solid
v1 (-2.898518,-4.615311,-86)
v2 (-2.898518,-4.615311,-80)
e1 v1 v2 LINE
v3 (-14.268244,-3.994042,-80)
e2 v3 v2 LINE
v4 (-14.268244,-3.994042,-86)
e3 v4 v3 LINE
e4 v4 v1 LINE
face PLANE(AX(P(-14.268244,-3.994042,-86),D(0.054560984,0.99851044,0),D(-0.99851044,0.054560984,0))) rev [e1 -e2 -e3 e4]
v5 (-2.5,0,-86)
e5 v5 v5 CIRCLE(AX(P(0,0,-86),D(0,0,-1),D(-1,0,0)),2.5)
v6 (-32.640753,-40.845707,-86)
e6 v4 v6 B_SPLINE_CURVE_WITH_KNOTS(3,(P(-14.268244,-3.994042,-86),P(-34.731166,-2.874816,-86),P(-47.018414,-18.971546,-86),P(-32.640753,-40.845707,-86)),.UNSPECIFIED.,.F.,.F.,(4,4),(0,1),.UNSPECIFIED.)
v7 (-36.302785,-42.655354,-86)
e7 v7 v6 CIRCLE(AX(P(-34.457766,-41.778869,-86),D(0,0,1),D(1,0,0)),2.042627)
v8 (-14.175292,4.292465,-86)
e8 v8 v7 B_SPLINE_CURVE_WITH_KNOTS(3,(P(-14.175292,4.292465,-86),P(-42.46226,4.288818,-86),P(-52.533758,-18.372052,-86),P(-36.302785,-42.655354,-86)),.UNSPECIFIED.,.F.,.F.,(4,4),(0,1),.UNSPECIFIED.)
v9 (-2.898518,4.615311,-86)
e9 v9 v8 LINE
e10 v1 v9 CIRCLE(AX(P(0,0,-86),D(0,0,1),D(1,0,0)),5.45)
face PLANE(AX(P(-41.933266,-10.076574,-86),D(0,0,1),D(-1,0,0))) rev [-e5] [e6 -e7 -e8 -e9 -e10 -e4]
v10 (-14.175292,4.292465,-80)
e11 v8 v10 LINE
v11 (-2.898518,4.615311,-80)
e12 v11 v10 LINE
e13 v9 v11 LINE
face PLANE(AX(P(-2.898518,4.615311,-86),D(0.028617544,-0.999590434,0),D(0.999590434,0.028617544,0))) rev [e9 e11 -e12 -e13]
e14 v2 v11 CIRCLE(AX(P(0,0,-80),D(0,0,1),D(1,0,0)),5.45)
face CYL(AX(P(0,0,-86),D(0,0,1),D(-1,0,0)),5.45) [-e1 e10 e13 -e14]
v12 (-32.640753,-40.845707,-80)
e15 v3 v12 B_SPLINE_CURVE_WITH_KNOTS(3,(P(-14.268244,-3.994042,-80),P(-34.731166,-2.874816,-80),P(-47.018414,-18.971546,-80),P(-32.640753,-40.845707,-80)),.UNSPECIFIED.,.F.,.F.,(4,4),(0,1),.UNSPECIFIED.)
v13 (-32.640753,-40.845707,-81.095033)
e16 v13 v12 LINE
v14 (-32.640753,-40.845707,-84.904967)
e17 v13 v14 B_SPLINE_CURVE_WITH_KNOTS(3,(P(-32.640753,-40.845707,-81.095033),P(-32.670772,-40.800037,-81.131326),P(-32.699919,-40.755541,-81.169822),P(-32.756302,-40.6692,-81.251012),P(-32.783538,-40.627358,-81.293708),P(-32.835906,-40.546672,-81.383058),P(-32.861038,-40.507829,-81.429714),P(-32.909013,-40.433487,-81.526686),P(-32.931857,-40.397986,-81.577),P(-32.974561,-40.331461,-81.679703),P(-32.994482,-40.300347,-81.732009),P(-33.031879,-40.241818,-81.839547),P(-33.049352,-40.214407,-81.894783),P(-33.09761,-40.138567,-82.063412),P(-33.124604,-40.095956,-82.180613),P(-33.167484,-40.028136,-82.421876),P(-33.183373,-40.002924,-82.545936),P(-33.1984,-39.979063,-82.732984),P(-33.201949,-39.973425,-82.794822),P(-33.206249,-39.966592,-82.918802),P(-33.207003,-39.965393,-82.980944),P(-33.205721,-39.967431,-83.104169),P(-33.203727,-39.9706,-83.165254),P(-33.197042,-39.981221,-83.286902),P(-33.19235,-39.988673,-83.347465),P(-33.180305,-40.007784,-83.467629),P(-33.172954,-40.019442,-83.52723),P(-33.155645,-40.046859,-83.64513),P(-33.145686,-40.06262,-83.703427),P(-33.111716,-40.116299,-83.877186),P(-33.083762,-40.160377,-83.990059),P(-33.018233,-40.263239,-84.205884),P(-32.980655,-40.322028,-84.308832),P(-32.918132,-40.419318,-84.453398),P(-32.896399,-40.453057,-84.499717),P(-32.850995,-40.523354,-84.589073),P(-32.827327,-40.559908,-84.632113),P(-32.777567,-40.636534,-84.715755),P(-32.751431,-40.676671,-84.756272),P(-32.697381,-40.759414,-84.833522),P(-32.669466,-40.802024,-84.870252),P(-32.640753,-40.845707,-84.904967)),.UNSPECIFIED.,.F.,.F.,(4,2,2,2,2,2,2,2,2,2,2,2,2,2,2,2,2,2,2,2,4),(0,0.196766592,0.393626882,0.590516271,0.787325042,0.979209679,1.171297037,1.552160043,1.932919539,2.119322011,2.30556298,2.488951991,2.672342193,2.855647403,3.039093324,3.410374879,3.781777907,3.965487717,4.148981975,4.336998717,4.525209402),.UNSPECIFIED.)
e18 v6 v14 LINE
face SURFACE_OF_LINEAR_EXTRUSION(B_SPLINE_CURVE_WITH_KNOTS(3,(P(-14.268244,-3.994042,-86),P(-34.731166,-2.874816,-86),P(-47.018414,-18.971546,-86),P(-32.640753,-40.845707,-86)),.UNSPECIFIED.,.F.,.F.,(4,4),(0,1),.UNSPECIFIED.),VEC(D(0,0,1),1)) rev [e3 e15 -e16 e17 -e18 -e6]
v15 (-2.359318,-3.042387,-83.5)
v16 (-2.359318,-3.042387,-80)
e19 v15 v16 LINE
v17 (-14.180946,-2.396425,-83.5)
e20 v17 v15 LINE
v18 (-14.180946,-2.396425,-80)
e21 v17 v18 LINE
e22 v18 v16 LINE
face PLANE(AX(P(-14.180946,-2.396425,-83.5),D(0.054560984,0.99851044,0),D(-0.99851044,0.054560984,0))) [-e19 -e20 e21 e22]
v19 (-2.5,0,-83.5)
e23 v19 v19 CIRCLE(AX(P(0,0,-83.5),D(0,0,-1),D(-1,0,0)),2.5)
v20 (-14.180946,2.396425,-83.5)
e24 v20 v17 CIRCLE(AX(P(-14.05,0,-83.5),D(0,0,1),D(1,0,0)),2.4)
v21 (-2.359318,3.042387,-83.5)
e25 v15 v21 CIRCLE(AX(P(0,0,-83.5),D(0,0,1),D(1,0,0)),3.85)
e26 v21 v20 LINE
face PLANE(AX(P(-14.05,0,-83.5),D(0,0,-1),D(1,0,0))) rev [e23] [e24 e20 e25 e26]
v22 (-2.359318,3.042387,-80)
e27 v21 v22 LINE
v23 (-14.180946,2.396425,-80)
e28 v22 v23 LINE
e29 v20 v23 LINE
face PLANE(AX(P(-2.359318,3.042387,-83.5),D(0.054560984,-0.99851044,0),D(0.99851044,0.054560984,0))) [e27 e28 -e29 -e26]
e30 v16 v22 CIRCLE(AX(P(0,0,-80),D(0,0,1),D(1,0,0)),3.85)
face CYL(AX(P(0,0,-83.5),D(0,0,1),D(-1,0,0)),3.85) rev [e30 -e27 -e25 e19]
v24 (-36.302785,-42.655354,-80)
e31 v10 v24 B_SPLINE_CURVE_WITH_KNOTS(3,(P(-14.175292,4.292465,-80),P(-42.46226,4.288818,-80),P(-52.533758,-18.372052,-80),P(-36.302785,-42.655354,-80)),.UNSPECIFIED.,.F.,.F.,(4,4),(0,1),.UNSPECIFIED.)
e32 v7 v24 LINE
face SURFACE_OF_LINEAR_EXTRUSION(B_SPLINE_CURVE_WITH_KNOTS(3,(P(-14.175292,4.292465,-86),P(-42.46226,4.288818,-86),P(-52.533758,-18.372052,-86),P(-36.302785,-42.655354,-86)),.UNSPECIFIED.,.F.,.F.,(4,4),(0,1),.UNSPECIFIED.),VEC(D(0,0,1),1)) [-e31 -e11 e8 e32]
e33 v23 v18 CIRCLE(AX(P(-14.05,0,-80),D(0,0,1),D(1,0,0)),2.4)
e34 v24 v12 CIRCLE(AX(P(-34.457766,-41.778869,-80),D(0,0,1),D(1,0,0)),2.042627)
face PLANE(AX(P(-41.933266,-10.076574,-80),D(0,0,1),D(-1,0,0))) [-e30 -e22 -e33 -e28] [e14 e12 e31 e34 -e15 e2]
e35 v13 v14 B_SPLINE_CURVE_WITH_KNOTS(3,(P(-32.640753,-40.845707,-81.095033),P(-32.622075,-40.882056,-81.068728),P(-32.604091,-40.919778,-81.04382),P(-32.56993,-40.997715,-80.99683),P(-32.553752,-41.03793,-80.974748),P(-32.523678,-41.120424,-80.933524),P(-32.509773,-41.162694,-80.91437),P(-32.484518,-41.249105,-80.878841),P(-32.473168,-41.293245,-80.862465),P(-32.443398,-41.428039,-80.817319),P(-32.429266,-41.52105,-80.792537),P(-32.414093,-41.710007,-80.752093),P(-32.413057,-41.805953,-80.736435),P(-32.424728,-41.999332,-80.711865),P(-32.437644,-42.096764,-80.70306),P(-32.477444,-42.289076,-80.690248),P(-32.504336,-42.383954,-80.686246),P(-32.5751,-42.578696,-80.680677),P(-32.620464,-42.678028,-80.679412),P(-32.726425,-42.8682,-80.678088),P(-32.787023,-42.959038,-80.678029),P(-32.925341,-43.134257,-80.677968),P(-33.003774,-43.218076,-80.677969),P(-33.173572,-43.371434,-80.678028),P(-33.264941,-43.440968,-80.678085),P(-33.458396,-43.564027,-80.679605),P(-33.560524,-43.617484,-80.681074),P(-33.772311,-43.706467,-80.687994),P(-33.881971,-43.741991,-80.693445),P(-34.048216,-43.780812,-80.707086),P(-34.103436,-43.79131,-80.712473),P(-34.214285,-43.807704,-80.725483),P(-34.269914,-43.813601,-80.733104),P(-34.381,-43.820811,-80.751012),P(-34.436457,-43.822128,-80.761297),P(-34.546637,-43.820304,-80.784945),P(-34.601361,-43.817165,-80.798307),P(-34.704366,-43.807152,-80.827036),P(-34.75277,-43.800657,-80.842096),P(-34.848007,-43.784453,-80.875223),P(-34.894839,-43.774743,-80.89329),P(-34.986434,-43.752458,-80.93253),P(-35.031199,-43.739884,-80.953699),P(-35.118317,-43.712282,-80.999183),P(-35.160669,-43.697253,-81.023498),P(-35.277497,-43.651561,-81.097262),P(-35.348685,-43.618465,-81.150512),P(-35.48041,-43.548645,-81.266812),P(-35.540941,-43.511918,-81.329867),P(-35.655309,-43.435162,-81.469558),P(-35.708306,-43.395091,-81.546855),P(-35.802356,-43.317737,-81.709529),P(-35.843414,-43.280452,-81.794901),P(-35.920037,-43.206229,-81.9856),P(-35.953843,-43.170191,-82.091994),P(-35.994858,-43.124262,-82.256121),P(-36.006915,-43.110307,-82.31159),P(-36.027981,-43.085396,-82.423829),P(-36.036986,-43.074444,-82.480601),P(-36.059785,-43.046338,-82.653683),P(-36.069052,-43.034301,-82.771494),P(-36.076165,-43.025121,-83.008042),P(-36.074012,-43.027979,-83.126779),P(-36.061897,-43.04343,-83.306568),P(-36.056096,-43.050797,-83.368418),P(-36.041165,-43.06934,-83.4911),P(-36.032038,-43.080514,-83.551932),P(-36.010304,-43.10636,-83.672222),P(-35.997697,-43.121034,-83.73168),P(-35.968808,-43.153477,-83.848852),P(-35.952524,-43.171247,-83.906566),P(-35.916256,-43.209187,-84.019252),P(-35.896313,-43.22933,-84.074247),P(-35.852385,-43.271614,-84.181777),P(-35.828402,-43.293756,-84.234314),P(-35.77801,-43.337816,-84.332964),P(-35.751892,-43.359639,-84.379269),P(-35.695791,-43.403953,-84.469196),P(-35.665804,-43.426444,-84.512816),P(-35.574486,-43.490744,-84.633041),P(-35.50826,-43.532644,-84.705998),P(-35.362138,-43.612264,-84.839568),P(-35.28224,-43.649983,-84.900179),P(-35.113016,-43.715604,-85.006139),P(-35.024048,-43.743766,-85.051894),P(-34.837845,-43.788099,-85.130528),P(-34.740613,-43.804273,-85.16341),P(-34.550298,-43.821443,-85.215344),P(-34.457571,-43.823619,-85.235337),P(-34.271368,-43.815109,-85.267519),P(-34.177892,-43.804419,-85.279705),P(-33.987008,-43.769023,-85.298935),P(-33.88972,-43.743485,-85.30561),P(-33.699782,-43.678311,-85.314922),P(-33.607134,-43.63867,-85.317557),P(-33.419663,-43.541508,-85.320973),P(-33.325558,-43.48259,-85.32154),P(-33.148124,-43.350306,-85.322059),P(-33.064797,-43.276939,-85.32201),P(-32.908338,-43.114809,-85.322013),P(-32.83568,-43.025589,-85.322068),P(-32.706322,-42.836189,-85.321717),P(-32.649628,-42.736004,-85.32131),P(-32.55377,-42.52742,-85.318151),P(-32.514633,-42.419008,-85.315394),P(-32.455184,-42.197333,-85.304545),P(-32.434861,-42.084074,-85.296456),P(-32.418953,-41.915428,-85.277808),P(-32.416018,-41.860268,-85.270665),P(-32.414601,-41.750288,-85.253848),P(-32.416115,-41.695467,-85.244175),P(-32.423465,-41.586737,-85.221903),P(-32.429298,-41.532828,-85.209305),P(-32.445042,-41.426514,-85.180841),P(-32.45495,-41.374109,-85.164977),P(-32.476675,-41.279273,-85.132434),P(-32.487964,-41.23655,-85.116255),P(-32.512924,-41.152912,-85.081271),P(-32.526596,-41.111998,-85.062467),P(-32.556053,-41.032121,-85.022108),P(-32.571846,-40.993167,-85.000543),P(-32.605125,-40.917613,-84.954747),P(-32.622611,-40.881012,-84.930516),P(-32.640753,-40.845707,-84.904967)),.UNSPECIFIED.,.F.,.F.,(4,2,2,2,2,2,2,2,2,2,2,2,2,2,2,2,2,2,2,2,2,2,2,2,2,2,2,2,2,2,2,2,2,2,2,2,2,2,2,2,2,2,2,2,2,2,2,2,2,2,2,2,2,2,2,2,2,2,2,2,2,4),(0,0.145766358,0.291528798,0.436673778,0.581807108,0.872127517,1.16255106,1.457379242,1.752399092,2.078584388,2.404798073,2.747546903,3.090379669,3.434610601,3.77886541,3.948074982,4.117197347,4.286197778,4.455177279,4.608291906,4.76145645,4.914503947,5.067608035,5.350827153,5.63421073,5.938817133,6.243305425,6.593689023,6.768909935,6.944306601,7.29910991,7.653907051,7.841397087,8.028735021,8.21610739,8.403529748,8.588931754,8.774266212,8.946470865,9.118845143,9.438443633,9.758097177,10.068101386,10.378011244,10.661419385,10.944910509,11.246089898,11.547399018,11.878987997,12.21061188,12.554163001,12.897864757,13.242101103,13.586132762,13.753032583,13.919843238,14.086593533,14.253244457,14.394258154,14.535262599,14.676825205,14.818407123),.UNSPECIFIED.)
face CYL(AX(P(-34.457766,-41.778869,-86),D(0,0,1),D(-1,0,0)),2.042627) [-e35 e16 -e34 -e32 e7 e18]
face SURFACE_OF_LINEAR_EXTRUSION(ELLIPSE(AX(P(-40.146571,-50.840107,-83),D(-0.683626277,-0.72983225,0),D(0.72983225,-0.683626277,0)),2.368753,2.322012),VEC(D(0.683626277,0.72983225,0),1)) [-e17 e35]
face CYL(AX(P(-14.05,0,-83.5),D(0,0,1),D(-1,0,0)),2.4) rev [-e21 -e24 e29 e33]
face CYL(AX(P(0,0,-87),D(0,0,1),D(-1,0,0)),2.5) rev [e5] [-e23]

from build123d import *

# Parameters (mm, degrees)
BOSS_EXTRUDE1_DEPTH = 6
CUT_EXTRUDE1_DEPTH  = 3.5
SKETCH4_R           = 2.5
CUT_EXTRUDE2_DEPTH  = 3.5
SKETCH6_RX          = 2.368753343
SKETCH6_RY          = 2.322011883
CUT_EXTRUDE3_DEPTH  = 30


with BuildPart() as part:
    # Sketch1 → Boss-Extrude1 (new body)
    with BuildSketch(Plane.XY):
        with BuildLine():
            Line((-14.268243934, -3.994041761), (-2.898518265, -4.615310593))
            ThreePointArc((-2.898518265, -4.615310593), (5.45, 0), (-2.898518265, 4.615310593))
            Line((-2.898518265, 4.615310593), (-14.17529192, 4.292464798))
            add(Edge.make_bspline(
                [(-14.17529192, 4.292464798), (-42.462260129, 4.288818218), (-52.533757866, -18.372051692), (-36.302785322, -42.655354232)],
                knots=[0, 0, 0, 0, 1, 1, 1, 1], degree=3))
            ThreePointArc((-36.302785322, -42.655354232), (-33.552833422, -43.610103827), (-32.640753317, -40.845706583))
            add(Edge.make_bspline(
                [(-14.268243934, -3.994041761), (-34.73116579, -2.87481632), (-47.018413867, -18.971545605), (-32.640753317, -40.845706583)],
                knots=[0, 0, 0, 0, 1, 1, 1, 1], degree=3))
        make_face()
    extrude(amount=BOSS_EXTRUDE1_DEPTH)

    # Sketch3 → Cut-Extrude1 (cut)
    with BuildSketch(Plane.XY):
        with BuildLine():
            Line((-14.18094636, -2.396425056), (-2.359318085, -3.042386921))
            ThreePointArc((-2.359318085, -3.042386921), (3.85, 0), (-2.359318085, 3.042386921))
            Line((-2.359318085, 3.042386921), (-14.18094636, 2.396425056))
            ThreePointArc((-14.18094636, 2.396425056), (-16.45, 0), (-14.18094636, -2.396425056))
        make_face()
    extrude(amount=CUT_EXTRUDE1_DEPTH, mode=Mode.SUBTRACT)

    # Sketch4 → Cut-Extrude2 (cut)
    with BuildSketch(Plane(origin=(0, 0, 3.5), x_dir=(-1, 0, 0), z_dir=(0, 0, -1))):
        Circle(SKETCH4_R)
    extrude(amount=-CUT_EXTRUDE2_DEPTH, mode=Mode.SUBTRACT)

    # Sketch6 → Cut-Extrude3 (cut)
    with BuildSketch(Plane(origin=(-23.619287881, -25.215704234, 0), x_dir=(0, 0, -1), z_dir=(0.683626277, 0.72983225, 0))):
        with Locations(Location((-3, -5.45537074), (0, 0, -90))):
            Ellipse(SKETCH6_RX, SKETCH6_RY)
    extrude(amount=-CUT_EXTRUDE3_DEPTH, mode=Mode.SUBTRACT)


with BuildPart() as body_2:
    # Mirror3: mirrored copy
    add(part.part.mirror(Plane(origin=(0, 0, -40), x_dir=(1, 0, 0), z_dir=(0, 0, -1))))


solid = body_2.part
